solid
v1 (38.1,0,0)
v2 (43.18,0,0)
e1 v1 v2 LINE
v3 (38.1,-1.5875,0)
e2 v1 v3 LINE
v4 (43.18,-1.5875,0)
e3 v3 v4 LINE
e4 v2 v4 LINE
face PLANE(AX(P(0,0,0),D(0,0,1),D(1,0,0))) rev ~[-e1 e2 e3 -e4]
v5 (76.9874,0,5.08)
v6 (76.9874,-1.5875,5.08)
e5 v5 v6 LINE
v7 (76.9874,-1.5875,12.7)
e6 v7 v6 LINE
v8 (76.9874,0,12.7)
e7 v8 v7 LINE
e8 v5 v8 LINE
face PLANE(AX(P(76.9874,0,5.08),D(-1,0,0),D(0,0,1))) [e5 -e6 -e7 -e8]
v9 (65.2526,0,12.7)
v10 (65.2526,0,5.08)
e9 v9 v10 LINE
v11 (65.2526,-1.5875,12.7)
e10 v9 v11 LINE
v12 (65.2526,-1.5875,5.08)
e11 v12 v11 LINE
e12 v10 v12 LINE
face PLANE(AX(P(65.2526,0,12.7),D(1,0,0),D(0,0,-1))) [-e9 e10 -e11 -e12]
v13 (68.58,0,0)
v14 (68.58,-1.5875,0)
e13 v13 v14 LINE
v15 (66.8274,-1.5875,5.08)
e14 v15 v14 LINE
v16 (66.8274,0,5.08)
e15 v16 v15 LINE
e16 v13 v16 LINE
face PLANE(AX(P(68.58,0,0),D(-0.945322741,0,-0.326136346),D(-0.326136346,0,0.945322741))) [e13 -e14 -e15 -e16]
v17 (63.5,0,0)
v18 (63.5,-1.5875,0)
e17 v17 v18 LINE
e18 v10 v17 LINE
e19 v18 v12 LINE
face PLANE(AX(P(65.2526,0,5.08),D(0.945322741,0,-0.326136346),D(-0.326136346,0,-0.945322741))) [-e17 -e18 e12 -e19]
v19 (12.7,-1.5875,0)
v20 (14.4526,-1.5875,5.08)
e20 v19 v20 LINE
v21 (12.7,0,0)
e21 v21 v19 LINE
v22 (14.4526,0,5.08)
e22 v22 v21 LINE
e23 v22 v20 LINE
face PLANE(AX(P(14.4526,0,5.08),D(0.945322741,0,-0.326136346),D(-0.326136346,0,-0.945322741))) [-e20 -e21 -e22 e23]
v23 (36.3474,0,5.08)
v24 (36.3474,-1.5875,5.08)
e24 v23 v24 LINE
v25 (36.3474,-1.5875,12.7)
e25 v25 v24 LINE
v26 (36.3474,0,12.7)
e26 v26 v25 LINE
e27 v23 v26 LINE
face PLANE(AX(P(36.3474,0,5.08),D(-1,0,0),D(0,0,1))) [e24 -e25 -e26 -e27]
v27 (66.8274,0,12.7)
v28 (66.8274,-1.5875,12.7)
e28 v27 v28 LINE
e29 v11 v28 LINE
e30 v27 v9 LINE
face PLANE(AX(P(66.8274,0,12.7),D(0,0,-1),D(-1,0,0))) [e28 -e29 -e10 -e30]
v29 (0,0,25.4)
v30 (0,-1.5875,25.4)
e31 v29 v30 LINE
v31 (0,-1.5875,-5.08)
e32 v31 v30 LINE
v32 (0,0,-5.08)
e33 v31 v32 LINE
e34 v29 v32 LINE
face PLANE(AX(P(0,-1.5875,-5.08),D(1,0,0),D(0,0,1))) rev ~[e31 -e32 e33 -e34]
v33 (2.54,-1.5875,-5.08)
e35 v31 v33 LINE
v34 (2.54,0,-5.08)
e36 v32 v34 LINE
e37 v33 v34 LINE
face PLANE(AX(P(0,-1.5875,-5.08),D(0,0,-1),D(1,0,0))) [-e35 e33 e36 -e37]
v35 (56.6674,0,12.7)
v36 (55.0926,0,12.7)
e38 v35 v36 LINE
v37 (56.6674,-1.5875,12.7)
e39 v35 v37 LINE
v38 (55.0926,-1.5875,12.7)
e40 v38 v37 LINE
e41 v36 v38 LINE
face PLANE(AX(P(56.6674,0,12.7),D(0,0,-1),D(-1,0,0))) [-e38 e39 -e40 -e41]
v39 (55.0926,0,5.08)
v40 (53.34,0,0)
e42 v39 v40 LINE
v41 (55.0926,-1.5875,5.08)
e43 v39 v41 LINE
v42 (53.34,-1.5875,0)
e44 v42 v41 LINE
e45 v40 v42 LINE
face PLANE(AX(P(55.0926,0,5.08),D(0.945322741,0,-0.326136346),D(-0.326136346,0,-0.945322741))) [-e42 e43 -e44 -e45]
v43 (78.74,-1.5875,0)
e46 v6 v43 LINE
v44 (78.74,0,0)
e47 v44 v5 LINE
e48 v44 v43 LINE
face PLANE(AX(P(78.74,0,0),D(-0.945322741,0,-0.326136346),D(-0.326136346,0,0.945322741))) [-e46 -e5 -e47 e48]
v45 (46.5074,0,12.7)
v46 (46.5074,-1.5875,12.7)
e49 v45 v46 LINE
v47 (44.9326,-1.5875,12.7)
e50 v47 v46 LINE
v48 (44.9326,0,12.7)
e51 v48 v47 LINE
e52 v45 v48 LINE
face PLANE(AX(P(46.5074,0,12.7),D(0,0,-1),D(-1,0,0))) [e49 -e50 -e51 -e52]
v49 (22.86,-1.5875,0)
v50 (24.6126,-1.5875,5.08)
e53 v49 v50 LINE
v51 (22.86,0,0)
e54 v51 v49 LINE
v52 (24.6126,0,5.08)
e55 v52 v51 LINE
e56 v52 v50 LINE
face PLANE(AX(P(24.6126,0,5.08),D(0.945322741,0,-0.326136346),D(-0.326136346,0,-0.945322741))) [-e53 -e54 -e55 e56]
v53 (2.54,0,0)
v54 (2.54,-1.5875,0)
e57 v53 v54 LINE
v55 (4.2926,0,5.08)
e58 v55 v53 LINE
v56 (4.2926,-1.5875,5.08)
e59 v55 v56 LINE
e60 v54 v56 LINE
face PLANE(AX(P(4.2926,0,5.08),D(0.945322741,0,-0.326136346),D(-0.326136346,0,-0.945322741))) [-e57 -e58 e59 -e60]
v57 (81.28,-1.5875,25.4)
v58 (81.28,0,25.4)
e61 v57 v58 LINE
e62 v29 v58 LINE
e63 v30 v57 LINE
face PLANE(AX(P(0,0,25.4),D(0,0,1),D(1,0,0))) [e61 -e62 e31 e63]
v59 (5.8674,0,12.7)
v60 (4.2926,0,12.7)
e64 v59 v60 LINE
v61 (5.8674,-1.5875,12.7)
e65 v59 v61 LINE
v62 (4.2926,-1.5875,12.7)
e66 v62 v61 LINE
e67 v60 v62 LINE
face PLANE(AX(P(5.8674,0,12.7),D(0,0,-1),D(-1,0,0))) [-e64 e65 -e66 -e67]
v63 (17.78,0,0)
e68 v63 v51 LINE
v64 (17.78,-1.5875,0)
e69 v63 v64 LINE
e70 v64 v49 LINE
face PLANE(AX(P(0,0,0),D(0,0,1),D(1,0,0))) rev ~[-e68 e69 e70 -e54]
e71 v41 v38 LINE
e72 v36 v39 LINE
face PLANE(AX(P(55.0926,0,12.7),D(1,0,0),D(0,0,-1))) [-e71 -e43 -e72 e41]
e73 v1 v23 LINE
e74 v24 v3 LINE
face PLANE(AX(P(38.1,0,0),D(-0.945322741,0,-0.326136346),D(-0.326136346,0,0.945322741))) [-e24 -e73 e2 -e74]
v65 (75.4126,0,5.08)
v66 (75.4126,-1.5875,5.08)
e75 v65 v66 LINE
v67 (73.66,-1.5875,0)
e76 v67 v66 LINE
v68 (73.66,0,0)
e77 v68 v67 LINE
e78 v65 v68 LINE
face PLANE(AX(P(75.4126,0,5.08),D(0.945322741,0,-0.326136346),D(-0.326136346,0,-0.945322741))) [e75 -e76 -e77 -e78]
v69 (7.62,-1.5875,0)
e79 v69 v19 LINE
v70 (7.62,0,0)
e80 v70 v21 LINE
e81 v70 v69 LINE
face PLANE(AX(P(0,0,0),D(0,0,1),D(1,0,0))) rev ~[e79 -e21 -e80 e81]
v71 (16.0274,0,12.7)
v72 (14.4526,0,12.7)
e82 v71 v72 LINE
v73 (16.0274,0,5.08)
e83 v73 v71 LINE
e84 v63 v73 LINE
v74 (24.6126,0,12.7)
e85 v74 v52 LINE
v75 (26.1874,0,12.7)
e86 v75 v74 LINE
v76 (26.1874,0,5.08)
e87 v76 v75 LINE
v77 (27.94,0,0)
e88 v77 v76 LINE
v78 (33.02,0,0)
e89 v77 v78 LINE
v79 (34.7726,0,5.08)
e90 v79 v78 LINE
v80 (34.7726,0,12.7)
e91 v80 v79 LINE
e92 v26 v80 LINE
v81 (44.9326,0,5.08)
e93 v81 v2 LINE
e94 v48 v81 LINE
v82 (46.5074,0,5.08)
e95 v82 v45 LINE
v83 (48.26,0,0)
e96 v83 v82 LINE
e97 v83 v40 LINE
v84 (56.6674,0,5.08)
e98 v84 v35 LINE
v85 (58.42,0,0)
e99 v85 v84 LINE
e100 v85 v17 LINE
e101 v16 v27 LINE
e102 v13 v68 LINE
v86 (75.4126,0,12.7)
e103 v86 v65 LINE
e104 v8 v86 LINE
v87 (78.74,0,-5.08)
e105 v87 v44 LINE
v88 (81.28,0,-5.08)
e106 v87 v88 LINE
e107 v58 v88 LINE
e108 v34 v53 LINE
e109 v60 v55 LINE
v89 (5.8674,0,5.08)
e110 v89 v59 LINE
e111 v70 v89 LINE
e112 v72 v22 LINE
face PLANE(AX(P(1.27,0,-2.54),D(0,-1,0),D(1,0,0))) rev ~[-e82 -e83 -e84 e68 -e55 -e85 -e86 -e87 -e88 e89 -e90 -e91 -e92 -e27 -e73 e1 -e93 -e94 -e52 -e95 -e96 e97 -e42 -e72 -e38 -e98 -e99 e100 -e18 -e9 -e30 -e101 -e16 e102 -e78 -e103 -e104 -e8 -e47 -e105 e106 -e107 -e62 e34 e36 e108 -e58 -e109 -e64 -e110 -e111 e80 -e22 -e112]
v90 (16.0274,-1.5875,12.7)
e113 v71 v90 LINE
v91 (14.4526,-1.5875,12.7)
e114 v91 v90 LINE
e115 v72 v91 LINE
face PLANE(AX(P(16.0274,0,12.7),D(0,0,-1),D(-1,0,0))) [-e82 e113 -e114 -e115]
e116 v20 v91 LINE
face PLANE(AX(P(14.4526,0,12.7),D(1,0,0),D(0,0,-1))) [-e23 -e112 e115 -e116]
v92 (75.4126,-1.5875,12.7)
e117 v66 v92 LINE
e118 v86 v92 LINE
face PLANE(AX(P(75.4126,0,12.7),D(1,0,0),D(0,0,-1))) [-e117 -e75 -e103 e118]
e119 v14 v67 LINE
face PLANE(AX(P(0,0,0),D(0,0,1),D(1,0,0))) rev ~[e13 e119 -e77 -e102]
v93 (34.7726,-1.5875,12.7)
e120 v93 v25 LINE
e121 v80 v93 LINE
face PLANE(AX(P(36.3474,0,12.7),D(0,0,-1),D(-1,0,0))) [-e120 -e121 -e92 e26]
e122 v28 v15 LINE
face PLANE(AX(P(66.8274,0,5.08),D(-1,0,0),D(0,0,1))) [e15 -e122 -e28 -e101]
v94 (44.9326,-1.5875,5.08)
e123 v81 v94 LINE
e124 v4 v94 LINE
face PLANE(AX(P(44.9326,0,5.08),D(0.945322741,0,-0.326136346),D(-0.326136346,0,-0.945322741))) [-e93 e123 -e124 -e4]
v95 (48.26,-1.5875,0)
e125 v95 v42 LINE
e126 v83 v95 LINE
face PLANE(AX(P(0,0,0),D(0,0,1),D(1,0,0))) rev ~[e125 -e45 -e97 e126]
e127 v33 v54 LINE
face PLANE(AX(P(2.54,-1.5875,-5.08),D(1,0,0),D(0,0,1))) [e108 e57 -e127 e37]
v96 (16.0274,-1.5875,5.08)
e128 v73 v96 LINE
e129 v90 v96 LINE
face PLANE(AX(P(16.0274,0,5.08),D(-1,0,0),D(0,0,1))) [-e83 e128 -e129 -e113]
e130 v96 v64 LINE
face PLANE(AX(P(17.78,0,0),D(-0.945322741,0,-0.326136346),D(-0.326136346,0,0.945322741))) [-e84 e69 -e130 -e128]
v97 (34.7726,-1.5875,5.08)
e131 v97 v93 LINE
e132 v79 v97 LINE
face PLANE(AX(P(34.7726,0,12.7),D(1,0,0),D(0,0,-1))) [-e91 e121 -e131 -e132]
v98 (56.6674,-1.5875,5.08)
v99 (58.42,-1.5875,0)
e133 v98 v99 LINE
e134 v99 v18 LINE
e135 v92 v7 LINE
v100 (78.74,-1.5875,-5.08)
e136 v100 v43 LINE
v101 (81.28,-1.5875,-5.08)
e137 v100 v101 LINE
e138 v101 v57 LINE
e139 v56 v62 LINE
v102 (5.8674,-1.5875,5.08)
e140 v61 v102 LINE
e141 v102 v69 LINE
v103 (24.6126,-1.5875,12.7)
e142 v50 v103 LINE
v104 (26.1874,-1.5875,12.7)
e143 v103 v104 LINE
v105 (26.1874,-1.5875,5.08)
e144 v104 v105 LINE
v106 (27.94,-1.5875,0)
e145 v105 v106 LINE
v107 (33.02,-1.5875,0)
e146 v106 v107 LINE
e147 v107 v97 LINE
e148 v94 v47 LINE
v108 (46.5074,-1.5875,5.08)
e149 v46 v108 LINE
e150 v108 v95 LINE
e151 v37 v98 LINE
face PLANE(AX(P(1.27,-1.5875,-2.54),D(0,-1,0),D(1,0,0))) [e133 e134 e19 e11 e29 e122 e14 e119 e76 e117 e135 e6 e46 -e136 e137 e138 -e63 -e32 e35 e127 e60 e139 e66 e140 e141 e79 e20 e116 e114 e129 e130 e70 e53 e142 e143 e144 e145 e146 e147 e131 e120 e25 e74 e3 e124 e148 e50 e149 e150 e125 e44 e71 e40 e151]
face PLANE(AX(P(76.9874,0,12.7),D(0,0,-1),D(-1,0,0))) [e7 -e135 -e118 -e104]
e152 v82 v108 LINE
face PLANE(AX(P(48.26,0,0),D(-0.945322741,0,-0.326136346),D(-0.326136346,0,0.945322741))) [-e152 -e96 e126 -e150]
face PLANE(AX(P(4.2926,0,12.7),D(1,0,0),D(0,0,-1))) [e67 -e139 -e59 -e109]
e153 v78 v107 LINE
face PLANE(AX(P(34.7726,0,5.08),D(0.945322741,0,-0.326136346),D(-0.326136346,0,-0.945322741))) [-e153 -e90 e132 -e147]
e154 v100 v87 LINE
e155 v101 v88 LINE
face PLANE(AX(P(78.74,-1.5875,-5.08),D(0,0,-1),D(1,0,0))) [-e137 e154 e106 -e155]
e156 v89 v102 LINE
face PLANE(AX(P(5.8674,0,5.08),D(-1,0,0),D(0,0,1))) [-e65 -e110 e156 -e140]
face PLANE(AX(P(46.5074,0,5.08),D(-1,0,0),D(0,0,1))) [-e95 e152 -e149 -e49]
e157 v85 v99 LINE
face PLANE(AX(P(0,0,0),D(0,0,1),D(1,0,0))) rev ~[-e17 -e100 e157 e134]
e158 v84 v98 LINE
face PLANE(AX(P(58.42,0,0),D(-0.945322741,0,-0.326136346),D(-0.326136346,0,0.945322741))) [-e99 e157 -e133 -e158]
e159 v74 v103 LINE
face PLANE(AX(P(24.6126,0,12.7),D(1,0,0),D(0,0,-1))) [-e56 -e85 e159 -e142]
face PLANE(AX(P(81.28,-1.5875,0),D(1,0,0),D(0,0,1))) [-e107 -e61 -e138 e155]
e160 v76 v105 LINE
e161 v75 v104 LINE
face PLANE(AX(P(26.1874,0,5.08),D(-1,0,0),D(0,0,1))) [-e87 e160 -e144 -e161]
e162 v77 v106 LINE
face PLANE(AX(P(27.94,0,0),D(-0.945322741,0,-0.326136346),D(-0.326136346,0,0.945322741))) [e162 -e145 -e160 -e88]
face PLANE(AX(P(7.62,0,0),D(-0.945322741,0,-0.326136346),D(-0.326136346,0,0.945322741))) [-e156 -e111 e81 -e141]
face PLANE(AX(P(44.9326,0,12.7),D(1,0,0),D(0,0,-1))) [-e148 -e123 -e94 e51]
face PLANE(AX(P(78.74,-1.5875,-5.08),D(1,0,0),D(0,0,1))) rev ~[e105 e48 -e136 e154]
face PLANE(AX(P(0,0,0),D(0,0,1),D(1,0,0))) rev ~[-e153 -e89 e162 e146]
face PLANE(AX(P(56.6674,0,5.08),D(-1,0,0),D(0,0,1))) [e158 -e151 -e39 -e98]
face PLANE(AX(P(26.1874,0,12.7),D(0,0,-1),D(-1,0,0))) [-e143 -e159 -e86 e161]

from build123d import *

# Parameters (mm, degrees)
F0_W     = 152.4
F0_H     = 25.4
F1_DEPTH = 1.5875
F3_DEPTH = 1.5885
F4_W     = 71.12
F4_H     = 25.4
F5_DEPTH = 1.5885
F6_W     = 2.54
F6_H     = 5.08
F7_DEPTH = 1.5875


with BuildPart() as f1:
    # F0 (on Front) → F1 (new body)
    with BuildSketch(Plane.XZ):
        with Locations((76.2, 12.7)):
            Rectangle(F0_W, F0_H)
    extrude(amount=F1_DEPTH)

    # F2 (on Front) → F3 (cut, through all)
    with BuildSketch(Plane.XZ):
        Polygon((4.2926, 5.08), (2.54, 0), (7.62, 0), (5.8674, 5.08), (5.8674, 12.7), (4.2926, 12.7), align=None)
        Polygon((14.4526, 5.08), (12.7, 0), (17.78, 0), (16.0274, 5.08), (16.0274, 12.7), (14.4526, 12.7), align=None)
        Polygon((24.6126, 5.08), (22.86, 0), (27.94, 0), (26.1874, 5.08), (26.1874, 12.7), (24.6126, 12.7), align=None)
        Polygon((34.7726, 5.08), (33.02, 0), (38.1, 0), (36.3474, 5.08), (36.3474, 12.7), (34.7726, 12.7), align=None)
        Polygon((44.9326, 5.08), (43.18, 0), (48.26, 0), (46.5074, 5.08), (46.5074, 12.7), (44.9326, 12.7), align=None)
        Polygon((55.0926, 5.08), (53.34, 0), (58.42, 0), (56.6674, 5.08), (56.6674, 12.7), (55.0926, 12.7), align=None)
        Polygon((65.2526, 5.08), (63.5, 0), (68.58, 0), (66.8274, 5.08), (66.8274, 12.7), (65.2526, 12.7), align=None)
        Polygon((75.4126, 5.08), (73.66, 0), (78.74, 0), (76.9874, 5.08), (76.9874, 12.7), (75.4126, 12.7), align=None)
    extrude(amount=F3_DEPTH, mode=Mode.SUBTRACT)

    # F4 (on face) → F5 (cut, through all)
    with BuildSketch(Plane.XZ.offset(1.5875)):
        with Locations((116.84, 12.7)):
            Rectangle(F4_W, F4_H)
    extrude(amount=-F5_DEPTH, mode=Mode.SUBTRACT)

    # F6 (on face) → F7 (join, through all)
    with BuildSketch(Plane.XZ.offset(1.5875)):
        with Locations((1.27, -2.54)):
            Rectangle(F6_W, F6_H)
        with Locations((80.01, -2.54)):
            Rectangle(F6_W, F6_H)
    extrude(amount=-F7_DEPTH)


solid = f1.part
